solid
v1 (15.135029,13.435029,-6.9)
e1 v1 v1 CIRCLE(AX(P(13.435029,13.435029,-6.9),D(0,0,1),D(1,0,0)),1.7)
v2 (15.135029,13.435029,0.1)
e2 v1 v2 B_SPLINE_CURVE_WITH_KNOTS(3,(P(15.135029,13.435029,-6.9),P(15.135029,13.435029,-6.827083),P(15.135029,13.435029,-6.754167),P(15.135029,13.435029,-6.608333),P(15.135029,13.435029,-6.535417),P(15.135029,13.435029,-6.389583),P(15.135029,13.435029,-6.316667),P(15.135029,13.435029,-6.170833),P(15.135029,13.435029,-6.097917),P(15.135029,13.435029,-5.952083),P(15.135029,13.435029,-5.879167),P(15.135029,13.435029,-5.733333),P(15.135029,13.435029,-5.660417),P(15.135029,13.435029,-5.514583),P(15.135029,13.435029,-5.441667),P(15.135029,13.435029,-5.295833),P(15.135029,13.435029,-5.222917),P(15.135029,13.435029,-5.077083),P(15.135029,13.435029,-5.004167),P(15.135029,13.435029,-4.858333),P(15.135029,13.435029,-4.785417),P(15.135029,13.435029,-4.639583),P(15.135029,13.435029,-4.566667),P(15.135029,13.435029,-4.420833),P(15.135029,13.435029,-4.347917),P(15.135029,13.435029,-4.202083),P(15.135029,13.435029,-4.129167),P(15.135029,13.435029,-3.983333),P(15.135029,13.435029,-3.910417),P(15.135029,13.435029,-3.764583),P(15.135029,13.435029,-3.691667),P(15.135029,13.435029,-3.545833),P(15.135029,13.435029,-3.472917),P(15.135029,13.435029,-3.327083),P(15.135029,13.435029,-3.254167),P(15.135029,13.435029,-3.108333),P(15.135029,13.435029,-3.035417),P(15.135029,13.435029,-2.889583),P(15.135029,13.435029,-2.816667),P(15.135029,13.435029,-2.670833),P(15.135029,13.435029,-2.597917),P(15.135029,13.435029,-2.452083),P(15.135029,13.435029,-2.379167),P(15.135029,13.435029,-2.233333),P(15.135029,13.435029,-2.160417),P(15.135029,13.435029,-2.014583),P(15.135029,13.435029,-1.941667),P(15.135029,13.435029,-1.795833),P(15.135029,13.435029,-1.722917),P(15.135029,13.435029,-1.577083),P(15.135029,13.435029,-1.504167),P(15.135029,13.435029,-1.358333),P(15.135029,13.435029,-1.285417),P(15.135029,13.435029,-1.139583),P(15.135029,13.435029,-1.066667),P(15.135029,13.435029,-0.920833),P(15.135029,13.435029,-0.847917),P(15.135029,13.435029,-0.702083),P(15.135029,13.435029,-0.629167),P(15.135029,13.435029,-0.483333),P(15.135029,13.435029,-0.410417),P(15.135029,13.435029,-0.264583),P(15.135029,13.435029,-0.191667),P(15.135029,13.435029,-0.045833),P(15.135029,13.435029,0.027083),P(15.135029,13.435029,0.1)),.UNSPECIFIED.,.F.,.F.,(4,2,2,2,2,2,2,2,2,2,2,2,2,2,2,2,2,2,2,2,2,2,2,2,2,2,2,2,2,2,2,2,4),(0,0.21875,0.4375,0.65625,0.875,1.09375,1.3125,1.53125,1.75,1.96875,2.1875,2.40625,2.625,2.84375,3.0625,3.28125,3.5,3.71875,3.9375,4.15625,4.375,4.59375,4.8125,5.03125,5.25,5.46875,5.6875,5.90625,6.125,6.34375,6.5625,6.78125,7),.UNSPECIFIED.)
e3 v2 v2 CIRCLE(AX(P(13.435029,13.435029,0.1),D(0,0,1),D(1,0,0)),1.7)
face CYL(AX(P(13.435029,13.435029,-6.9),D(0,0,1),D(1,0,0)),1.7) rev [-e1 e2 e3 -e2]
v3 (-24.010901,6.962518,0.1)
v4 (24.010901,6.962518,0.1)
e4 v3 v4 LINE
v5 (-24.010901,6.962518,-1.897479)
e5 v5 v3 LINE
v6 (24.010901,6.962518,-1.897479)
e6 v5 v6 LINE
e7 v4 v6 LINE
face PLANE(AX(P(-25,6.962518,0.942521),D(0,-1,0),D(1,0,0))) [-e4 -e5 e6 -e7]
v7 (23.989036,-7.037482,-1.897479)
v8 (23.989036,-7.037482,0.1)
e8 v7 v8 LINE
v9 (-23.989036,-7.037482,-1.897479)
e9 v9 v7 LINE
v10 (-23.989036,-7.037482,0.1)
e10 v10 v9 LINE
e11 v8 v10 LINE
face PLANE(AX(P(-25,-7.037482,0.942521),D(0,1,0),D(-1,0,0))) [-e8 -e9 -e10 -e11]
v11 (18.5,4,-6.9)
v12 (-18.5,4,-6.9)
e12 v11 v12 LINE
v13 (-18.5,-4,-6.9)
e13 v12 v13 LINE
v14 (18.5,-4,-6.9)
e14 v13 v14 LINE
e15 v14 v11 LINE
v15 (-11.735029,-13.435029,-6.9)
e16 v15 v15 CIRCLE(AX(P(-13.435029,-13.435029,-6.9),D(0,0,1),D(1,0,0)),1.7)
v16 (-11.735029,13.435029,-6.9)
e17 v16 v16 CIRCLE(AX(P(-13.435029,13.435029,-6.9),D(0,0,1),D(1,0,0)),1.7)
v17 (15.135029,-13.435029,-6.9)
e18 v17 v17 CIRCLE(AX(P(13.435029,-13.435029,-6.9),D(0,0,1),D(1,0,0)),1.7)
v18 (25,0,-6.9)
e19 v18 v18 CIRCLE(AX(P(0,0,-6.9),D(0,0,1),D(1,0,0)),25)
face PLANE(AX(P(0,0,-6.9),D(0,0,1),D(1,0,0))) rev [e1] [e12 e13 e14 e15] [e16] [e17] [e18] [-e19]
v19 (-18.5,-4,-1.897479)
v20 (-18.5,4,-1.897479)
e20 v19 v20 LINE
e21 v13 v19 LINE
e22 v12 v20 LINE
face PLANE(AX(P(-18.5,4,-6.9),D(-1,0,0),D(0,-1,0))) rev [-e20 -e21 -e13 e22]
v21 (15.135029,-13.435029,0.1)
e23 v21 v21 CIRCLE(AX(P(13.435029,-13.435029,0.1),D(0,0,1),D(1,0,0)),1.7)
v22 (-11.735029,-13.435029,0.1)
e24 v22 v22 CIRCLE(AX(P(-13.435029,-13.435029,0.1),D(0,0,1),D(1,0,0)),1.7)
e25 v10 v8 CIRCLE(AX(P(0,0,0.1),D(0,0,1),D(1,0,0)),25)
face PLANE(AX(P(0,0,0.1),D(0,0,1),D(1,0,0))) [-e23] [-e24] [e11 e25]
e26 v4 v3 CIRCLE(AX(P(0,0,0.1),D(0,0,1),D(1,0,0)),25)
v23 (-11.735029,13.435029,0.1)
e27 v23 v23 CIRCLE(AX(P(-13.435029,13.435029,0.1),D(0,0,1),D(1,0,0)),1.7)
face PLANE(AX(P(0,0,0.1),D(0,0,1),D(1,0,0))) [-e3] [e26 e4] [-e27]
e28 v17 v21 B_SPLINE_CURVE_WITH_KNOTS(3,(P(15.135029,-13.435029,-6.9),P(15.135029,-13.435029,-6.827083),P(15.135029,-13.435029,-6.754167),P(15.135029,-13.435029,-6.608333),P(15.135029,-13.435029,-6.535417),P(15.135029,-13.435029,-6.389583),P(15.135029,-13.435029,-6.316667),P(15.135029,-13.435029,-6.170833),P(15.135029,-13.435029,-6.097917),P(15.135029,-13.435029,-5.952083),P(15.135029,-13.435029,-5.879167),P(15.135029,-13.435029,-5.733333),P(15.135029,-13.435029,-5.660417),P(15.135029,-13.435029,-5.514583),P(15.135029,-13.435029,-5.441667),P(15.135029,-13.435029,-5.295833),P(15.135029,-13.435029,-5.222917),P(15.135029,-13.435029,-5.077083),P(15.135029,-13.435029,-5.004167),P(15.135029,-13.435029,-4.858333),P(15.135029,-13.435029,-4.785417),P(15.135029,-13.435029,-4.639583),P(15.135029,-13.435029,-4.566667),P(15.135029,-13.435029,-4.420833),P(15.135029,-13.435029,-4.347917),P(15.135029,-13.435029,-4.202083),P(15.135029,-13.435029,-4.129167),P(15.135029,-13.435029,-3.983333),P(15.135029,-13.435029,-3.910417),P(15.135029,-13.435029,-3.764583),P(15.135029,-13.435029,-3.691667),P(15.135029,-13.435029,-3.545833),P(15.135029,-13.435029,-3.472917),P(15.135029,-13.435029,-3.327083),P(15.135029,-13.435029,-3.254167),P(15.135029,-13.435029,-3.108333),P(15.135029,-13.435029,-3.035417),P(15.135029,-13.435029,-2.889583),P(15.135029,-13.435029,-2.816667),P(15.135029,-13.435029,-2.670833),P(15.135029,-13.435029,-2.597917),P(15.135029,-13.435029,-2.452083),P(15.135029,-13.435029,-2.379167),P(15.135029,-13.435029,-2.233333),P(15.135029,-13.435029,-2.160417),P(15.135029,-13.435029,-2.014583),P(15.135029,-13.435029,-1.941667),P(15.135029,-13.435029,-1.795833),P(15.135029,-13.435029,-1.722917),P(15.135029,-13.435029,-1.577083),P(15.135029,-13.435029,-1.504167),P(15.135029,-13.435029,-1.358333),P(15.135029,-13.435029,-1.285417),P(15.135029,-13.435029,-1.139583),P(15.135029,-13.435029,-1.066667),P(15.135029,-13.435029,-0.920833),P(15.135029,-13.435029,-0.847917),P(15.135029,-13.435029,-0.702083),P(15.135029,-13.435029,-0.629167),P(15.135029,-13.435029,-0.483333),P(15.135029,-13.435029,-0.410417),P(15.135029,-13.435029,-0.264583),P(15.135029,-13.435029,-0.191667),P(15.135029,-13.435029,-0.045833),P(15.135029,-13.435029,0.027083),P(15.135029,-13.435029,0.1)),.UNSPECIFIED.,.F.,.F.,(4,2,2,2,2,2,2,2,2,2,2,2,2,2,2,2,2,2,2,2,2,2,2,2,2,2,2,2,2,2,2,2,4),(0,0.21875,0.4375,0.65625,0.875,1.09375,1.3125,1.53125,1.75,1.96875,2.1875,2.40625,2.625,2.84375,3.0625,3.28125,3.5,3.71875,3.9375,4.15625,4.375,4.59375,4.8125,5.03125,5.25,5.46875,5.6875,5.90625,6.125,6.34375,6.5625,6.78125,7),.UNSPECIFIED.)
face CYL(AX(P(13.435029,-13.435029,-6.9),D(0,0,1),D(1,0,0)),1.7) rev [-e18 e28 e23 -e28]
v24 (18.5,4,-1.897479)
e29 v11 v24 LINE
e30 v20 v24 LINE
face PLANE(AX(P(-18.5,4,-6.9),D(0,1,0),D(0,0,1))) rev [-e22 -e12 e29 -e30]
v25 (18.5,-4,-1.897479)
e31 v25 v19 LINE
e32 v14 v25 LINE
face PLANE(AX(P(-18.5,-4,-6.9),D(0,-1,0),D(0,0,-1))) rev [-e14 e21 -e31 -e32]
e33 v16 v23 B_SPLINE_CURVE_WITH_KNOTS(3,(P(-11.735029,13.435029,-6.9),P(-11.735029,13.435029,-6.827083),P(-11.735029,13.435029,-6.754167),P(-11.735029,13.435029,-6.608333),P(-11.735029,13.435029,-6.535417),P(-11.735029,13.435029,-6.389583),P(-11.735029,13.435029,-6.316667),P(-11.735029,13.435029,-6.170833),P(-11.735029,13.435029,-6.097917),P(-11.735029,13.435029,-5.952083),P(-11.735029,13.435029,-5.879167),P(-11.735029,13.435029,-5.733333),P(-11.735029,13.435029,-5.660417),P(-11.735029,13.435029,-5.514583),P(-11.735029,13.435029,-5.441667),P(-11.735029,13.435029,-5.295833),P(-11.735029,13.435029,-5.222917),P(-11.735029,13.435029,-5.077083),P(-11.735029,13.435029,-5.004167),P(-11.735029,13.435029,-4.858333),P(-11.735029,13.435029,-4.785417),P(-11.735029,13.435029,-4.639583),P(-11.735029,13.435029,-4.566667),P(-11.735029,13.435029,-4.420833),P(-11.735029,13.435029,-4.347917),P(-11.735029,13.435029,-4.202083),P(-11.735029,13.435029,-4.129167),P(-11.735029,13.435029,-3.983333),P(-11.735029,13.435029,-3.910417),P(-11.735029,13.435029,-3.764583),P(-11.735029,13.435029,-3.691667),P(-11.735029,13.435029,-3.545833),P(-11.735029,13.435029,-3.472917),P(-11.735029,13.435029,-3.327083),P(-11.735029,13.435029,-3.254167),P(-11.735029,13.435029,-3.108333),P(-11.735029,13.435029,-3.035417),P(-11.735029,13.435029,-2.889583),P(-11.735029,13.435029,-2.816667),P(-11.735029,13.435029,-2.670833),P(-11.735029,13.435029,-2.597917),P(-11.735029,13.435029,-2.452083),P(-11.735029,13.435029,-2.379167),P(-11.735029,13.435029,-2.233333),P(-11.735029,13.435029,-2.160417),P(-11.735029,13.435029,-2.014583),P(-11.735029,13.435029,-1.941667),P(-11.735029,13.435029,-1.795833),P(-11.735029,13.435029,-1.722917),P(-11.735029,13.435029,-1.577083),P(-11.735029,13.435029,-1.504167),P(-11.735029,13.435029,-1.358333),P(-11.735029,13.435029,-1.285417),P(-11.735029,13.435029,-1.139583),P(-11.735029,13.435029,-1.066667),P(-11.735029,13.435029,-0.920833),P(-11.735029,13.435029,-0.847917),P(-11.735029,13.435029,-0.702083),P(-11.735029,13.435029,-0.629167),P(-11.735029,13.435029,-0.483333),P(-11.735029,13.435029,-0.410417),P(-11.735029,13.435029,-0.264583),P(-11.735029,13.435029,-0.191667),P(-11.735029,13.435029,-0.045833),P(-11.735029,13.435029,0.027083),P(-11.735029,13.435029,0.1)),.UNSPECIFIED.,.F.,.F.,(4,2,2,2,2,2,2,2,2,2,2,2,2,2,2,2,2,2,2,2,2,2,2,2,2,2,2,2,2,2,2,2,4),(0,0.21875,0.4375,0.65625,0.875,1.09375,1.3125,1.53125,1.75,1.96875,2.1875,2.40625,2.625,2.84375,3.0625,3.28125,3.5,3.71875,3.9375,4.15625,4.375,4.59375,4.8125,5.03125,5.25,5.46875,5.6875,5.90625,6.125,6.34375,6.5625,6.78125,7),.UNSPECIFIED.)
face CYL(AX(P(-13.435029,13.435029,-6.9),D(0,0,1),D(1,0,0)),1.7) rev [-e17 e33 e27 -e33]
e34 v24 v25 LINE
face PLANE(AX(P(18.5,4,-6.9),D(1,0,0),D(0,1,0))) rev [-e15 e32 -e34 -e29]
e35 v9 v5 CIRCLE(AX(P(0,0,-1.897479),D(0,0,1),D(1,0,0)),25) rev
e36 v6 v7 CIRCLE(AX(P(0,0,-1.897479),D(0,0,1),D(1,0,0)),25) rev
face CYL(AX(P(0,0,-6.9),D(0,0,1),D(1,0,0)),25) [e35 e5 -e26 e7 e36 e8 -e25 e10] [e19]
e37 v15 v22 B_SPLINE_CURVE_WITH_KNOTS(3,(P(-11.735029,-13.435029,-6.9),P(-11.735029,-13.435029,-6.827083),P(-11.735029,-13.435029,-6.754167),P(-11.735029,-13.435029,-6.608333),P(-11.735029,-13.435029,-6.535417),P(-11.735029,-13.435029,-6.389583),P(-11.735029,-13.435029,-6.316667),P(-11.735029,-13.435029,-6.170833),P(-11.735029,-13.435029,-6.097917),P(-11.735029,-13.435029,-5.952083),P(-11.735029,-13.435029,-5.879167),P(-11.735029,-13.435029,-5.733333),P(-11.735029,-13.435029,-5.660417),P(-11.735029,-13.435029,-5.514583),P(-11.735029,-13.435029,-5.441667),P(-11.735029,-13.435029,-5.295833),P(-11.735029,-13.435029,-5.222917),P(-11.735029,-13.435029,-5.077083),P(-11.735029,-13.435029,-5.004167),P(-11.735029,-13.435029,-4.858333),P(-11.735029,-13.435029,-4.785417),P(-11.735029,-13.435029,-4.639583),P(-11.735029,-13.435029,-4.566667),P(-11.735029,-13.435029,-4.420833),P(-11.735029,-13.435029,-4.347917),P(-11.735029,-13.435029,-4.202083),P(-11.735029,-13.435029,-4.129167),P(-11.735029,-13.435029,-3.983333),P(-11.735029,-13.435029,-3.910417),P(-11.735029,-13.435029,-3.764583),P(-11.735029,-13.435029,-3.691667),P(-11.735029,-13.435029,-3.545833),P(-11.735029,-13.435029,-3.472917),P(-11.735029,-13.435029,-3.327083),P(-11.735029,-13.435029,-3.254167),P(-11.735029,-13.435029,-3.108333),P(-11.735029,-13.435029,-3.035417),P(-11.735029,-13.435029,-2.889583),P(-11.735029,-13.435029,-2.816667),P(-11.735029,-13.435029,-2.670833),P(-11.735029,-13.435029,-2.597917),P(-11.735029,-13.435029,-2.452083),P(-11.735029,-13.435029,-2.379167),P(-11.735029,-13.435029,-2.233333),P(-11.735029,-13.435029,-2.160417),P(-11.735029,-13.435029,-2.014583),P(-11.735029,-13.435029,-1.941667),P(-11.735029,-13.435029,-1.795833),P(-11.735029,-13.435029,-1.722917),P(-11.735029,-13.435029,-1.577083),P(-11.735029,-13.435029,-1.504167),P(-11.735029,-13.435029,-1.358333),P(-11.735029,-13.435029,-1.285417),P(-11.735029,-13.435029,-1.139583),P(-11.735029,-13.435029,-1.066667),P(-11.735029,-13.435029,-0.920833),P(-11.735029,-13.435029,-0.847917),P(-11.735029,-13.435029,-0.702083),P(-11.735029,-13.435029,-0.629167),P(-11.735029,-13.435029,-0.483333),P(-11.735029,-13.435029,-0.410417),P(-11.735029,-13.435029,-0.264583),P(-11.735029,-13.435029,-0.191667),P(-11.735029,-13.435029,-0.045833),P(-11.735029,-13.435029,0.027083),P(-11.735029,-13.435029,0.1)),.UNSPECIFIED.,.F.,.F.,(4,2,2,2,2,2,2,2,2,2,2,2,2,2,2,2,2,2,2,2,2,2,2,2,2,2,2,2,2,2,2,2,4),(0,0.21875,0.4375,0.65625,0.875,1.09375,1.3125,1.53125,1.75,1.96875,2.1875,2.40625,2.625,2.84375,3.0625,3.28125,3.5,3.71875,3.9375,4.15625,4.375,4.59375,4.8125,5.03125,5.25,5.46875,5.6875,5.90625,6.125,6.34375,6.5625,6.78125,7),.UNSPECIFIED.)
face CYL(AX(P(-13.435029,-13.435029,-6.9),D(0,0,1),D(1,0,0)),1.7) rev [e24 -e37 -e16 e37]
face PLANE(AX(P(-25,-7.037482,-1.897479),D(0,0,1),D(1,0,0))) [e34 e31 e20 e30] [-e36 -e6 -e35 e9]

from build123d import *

# Parameters (mm, degrees)
BOSS_EXTRU_1_DEPTH           = 0.1
BOSS_EXTRU_1_DEPTH_BACK      = 6.9
ESQUISSE1_R                  = 25
ESQUISSE1_R_2                = 1.7
ESQUISSE2_W                  = 37
ESQUISSE2_H                  = 8
ENL_V_MAT_EXTRU_1_DEPTH      = 37.041642582
ENL_V_MAT_EXTRU_3_DEPTH      = 51.801015595
ENL_V_MAT_EXTRU_3_DEPTH_BACK = 51.801015595
ESQUISSE3_W                  = 2.84
ESQUISSE3_H                  = 14


with BuildPart() as part:
    # Esquisse1 → Boss.-Extru.1 (new, two sides: drawn at the far end of the back side and taken through both)
    with BuildSketch(Plane.XY.offset(-BOSS_EXTRU_1_DEPTH_BACK)):
        Circle(ESQUISSE1_R)
        with Locations((-13.435028843, 13.435028843)):
            Circle(ESQUISSE1_R_2, mode=Mode.SUBTRACT)
        with Locations((13.435028843, 13.435028843)):
            Circle(ESQUISSE1_R_2, mode=Mode.SUBTRACT)
        with Locations((13.435028843, -13.435028843)):
            Circle(ESQUISSE1_R_2, mode=Mode.SUBTRACT)
        with Locations((-13.435028843, -13.435028843)):
            Circle(ESQUISSE1_R_2, mode=Mode.SUBTRACT)
    extrude(amount=BOSS_EXTRU_1_DEPTH + BOSS_EXTRU_1_DEPTH_BACK)

    # Esquisse2 → Enlèv. mat.-Extru.1 (cut, through all)
    with BuildSketch(Plane.XY.offset(0.1)):
        Rectangle(ESQUISSE2_W, ESQUISSE2_H)
    extrude(amount=-ENL_V_MAT_EXTRU_1_DEPTH, mode=Mode.SUBTRACT)

    # Esquisse3 → Enlèv. mat.-Extru.3 (cut, two sides: drawn at the far end of the back side and taken through both)
    with BuildSketch(Plane(origin=(18.5, 0, 1.068261133), x_dir=(0, 0, 1), z_dir=(-1, 0, 0)).offset(-ENL_V_MAT_EXTRU_3_DEPTH_BACK)):
        with Locations((-1.545739837, -0.037482161)):
            Rectangle(ESQUISSE3_W, ESQUISSE3_H)
    extrude(amount=ENL_V_MAT_EXTRU_3_DEPTH + ENL_V_MAT_EXTRU_3_DEPTH_BACK, mode=Mode.SUBTRACT)


solid = part.part
